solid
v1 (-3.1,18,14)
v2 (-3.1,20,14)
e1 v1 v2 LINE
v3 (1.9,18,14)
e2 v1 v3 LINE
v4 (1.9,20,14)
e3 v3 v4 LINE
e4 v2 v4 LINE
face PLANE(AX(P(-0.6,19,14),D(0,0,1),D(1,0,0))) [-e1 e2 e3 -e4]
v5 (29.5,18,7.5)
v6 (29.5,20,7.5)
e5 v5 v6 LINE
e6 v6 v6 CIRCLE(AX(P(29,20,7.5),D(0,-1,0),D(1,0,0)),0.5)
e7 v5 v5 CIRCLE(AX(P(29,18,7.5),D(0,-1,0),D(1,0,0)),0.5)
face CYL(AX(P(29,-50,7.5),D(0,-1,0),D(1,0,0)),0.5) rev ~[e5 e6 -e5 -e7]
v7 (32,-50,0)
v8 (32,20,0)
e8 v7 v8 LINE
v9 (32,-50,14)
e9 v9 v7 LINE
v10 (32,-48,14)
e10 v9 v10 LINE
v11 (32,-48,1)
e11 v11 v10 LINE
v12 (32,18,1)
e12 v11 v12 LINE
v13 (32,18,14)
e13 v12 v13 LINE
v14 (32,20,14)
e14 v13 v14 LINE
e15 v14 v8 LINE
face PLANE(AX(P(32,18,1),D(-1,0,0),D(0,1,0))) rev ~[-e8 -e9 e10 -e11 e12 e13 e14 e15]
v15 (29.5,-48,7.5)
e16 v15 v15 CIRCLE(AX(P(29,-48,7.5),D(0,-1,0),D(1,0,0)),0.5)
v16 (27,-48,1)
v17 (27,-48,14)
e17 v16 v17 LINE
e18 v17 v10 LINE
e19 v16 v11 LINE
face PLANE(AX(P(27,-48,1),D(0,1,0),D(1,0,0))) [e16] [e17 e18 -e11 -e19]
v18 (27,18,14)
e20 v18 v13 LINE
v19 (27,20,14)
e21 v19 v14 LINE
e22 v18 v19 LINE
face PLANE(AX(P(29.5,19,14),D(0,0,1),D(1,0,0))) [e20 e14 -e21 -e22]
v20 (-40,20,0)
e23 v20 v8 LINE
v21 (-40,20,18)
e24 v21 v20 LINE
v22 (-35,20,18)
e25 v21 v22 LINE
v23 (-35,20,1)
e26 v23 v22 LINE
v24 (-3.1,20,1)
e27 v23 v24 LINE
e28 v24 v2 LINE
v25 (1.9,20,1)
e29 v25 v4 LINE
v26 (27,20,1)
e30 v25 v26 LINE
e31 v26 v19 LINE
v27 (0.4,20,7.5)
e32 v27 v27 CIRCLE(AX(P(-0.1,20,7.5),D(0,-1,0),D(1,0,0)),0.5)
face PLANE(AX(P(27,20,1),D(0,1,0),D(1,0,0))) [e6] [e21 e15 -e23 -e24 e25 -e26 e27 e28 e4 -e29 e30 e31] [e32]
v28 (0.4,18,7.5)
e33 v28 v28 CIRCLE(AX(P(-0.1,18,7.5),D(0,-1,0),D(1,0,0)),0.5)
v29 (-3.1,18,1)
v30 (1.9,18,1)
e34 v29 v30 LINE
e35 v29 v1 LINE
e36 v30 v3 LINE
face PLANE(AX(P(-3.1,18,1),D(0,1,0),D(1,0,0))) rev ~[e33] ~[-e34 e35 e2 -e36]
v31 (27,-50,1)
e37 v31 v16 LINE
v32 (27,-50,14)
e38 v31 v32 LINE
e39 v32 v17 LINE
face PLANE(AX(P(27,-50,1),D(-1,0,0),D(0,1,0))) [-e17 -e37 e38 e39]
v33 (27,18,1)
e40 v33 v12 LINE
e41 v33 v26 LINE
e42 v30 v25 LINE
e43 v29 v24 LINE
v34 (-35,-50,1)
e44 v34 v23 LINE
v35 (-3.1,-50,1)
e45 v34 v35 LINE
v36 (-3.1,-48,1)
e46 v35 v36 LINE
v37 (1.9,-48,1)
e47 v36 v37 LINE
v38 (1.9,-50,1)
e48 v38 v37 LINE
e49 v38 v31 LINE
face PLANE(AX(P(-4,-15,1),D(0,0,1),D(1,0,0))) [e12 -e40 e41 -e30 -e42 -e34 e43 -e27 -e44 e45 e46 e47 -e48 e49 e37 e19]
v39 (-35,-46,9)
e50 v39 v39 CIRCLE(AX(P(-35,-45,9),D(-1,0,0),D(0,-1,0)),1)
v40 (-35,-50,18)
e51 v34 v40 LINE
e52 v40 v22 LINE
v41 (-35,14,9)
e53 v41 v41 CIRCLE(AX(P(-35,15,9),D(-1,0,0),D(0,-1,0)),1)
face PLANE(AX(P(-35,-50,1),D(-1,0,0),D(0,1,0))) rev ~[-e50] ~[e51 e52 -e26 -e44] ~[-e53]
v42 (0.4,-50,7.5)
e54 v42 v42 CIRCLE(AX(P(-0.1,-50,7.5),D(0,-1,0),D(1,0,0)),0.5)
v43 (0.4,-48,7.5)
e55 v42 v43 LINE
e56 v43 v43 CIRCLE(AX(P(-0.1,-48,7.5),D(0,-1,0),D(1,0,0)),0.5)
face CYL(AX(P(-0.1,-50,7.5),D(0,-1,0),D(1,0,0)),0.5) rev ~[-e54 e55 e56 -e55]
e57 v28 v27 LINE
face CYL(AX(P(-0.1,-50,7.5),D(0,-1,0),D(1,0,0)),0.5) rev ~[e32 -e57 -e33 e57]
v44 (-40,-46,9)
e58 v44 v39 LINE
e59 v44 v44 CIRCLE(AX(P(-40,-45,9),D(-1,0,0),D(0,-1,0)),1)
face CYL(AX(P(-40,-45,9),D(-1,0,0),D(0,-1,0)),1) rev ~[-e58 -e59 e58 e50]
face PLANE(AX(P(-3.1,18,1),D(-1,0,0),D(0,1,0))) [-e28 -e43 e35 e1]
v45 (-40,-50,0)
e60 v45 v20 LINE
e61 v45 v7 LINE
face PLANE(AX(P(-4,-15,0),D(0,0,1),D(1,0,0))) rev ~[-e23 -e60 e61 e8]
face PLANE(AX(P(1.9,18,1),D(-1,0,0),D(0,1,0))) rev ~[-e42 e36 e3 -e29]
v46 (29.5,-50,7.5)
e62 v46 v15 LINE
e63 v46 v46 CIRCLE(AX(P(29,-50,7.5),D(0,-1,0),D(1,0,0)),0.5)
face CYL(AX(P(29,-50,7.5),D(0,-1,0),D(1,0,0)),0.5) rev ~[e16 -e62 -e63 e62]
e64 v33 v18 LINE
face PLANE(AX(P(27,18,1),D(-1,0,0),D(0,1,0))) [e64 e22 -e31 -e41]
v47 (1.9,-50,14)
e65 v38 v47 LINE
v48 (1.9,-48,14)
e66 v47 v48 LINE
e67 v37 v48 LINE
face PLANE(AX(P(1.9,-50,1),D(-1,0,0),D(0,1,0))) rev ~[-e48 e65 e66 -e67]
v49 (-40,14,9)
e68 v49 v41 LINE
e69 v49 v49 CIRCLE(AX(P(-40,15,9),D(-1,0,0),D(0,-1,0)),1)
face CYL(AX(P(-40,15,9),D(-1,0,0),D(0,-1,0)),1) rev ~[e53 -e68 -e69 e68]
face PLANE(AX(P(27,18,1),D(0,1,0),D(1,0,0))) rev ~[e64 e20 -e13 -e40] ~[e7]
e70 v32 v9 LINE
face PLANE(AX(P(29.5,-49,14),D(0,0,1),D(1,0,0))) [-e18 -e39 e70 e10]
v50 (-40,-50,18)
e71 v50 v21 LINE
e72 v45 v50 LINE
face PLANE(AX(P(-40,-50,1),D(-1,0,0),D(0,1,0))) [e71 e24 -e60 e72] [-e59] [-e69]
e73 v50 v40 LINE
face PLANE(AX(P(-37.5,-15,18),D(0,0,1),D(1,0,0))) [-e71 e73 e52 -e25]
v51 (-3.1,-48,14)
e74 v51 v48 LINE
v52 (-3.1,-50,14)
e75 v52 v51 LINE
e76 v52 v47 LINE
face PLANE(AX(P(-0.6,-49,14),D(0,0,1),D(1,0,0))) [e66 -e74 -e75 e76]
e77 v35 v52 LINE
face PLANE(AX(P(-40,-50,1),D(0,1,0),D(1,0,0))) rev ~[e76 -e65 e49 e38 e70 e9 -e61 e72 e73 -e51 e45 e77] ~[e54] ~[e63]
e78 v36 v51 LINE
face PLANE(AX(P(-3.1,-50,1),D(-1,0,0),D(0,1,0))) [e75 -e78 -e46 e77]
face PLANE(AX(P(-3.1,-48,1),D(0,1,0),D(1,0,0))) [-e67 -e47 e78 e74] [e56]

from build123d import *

# Parameters (mm, degrees)
F0_W     = 72
F0_H     = 70
F1_DEPTH = 1
F2_W     = 5
F2_H     = 70
F3_DEPTH = 17
F4_R     = 1
F5_DEPTH = 5
F2_H_2   = 2
F6_DEPTH = 13
F7_R     = 0.5
F8_DEPTH = 70.001


with BuildPart() as f1:
    # F0 (on Top) → F1 (new body)
    with BuildSketch(Plane.XY):
        with Locations((-4, -15)):
            Rectangle(F0_W, F0_H)
    extrude(amount=F1_DEPTH)

    # F2 (on face) → F3 (join)
    with BuildSketch(Plane.XY.offset(1)):
        with Locations((-37.5, -15)):
            Rectangle(F2_W, F2_H)
    extrude(amount=F3_DEPTH)

    # F4 (on face) → F5 (cut, through all)
    with BuildSketch(Plane(origin=(-40, 0, 0), x_dir=(0, -1, 0), z_dir=(-1, 0, 0))):
        with Locations((-15, 9)):
            Circle(F4_R)
        with Locations((45, 9)):
            Circle(F4_R)
    extrude(amount=-F5_DEPTH, mode=Mode.SUBTRACT)

    # F2 (on face) → F6 (join)
    with BuildSketch(Plane.XY.offset(1)):
        with Locations((-0.6, 19)):
            Rectangle(F2_W, F2_H_2)
        with Locations((29.5, 19)):
            Rectangle(F2_W, F2_H_2)
        with Locations((-0.6, -49)):
            Rectangle(F2_W, F2_H_2)
        with Locations((29.5, -49)):
            Rectangle(F2_W, F2_H_2)
    extrude(amount=F6_DEPTH)

    # F7 (on face) → F8 (cut, through all)
    with BuildSketch(Plane.XZ.offset(50)):
        with Locations((-0.1, 7.5)):
            Circle(F7_R)
        with Locations((29, 7.5)):
            Circle(F7_R)
    extrude(amount=-F8_DEPTH, mode=Mode.SUBTRACT)


solid = f1.part
